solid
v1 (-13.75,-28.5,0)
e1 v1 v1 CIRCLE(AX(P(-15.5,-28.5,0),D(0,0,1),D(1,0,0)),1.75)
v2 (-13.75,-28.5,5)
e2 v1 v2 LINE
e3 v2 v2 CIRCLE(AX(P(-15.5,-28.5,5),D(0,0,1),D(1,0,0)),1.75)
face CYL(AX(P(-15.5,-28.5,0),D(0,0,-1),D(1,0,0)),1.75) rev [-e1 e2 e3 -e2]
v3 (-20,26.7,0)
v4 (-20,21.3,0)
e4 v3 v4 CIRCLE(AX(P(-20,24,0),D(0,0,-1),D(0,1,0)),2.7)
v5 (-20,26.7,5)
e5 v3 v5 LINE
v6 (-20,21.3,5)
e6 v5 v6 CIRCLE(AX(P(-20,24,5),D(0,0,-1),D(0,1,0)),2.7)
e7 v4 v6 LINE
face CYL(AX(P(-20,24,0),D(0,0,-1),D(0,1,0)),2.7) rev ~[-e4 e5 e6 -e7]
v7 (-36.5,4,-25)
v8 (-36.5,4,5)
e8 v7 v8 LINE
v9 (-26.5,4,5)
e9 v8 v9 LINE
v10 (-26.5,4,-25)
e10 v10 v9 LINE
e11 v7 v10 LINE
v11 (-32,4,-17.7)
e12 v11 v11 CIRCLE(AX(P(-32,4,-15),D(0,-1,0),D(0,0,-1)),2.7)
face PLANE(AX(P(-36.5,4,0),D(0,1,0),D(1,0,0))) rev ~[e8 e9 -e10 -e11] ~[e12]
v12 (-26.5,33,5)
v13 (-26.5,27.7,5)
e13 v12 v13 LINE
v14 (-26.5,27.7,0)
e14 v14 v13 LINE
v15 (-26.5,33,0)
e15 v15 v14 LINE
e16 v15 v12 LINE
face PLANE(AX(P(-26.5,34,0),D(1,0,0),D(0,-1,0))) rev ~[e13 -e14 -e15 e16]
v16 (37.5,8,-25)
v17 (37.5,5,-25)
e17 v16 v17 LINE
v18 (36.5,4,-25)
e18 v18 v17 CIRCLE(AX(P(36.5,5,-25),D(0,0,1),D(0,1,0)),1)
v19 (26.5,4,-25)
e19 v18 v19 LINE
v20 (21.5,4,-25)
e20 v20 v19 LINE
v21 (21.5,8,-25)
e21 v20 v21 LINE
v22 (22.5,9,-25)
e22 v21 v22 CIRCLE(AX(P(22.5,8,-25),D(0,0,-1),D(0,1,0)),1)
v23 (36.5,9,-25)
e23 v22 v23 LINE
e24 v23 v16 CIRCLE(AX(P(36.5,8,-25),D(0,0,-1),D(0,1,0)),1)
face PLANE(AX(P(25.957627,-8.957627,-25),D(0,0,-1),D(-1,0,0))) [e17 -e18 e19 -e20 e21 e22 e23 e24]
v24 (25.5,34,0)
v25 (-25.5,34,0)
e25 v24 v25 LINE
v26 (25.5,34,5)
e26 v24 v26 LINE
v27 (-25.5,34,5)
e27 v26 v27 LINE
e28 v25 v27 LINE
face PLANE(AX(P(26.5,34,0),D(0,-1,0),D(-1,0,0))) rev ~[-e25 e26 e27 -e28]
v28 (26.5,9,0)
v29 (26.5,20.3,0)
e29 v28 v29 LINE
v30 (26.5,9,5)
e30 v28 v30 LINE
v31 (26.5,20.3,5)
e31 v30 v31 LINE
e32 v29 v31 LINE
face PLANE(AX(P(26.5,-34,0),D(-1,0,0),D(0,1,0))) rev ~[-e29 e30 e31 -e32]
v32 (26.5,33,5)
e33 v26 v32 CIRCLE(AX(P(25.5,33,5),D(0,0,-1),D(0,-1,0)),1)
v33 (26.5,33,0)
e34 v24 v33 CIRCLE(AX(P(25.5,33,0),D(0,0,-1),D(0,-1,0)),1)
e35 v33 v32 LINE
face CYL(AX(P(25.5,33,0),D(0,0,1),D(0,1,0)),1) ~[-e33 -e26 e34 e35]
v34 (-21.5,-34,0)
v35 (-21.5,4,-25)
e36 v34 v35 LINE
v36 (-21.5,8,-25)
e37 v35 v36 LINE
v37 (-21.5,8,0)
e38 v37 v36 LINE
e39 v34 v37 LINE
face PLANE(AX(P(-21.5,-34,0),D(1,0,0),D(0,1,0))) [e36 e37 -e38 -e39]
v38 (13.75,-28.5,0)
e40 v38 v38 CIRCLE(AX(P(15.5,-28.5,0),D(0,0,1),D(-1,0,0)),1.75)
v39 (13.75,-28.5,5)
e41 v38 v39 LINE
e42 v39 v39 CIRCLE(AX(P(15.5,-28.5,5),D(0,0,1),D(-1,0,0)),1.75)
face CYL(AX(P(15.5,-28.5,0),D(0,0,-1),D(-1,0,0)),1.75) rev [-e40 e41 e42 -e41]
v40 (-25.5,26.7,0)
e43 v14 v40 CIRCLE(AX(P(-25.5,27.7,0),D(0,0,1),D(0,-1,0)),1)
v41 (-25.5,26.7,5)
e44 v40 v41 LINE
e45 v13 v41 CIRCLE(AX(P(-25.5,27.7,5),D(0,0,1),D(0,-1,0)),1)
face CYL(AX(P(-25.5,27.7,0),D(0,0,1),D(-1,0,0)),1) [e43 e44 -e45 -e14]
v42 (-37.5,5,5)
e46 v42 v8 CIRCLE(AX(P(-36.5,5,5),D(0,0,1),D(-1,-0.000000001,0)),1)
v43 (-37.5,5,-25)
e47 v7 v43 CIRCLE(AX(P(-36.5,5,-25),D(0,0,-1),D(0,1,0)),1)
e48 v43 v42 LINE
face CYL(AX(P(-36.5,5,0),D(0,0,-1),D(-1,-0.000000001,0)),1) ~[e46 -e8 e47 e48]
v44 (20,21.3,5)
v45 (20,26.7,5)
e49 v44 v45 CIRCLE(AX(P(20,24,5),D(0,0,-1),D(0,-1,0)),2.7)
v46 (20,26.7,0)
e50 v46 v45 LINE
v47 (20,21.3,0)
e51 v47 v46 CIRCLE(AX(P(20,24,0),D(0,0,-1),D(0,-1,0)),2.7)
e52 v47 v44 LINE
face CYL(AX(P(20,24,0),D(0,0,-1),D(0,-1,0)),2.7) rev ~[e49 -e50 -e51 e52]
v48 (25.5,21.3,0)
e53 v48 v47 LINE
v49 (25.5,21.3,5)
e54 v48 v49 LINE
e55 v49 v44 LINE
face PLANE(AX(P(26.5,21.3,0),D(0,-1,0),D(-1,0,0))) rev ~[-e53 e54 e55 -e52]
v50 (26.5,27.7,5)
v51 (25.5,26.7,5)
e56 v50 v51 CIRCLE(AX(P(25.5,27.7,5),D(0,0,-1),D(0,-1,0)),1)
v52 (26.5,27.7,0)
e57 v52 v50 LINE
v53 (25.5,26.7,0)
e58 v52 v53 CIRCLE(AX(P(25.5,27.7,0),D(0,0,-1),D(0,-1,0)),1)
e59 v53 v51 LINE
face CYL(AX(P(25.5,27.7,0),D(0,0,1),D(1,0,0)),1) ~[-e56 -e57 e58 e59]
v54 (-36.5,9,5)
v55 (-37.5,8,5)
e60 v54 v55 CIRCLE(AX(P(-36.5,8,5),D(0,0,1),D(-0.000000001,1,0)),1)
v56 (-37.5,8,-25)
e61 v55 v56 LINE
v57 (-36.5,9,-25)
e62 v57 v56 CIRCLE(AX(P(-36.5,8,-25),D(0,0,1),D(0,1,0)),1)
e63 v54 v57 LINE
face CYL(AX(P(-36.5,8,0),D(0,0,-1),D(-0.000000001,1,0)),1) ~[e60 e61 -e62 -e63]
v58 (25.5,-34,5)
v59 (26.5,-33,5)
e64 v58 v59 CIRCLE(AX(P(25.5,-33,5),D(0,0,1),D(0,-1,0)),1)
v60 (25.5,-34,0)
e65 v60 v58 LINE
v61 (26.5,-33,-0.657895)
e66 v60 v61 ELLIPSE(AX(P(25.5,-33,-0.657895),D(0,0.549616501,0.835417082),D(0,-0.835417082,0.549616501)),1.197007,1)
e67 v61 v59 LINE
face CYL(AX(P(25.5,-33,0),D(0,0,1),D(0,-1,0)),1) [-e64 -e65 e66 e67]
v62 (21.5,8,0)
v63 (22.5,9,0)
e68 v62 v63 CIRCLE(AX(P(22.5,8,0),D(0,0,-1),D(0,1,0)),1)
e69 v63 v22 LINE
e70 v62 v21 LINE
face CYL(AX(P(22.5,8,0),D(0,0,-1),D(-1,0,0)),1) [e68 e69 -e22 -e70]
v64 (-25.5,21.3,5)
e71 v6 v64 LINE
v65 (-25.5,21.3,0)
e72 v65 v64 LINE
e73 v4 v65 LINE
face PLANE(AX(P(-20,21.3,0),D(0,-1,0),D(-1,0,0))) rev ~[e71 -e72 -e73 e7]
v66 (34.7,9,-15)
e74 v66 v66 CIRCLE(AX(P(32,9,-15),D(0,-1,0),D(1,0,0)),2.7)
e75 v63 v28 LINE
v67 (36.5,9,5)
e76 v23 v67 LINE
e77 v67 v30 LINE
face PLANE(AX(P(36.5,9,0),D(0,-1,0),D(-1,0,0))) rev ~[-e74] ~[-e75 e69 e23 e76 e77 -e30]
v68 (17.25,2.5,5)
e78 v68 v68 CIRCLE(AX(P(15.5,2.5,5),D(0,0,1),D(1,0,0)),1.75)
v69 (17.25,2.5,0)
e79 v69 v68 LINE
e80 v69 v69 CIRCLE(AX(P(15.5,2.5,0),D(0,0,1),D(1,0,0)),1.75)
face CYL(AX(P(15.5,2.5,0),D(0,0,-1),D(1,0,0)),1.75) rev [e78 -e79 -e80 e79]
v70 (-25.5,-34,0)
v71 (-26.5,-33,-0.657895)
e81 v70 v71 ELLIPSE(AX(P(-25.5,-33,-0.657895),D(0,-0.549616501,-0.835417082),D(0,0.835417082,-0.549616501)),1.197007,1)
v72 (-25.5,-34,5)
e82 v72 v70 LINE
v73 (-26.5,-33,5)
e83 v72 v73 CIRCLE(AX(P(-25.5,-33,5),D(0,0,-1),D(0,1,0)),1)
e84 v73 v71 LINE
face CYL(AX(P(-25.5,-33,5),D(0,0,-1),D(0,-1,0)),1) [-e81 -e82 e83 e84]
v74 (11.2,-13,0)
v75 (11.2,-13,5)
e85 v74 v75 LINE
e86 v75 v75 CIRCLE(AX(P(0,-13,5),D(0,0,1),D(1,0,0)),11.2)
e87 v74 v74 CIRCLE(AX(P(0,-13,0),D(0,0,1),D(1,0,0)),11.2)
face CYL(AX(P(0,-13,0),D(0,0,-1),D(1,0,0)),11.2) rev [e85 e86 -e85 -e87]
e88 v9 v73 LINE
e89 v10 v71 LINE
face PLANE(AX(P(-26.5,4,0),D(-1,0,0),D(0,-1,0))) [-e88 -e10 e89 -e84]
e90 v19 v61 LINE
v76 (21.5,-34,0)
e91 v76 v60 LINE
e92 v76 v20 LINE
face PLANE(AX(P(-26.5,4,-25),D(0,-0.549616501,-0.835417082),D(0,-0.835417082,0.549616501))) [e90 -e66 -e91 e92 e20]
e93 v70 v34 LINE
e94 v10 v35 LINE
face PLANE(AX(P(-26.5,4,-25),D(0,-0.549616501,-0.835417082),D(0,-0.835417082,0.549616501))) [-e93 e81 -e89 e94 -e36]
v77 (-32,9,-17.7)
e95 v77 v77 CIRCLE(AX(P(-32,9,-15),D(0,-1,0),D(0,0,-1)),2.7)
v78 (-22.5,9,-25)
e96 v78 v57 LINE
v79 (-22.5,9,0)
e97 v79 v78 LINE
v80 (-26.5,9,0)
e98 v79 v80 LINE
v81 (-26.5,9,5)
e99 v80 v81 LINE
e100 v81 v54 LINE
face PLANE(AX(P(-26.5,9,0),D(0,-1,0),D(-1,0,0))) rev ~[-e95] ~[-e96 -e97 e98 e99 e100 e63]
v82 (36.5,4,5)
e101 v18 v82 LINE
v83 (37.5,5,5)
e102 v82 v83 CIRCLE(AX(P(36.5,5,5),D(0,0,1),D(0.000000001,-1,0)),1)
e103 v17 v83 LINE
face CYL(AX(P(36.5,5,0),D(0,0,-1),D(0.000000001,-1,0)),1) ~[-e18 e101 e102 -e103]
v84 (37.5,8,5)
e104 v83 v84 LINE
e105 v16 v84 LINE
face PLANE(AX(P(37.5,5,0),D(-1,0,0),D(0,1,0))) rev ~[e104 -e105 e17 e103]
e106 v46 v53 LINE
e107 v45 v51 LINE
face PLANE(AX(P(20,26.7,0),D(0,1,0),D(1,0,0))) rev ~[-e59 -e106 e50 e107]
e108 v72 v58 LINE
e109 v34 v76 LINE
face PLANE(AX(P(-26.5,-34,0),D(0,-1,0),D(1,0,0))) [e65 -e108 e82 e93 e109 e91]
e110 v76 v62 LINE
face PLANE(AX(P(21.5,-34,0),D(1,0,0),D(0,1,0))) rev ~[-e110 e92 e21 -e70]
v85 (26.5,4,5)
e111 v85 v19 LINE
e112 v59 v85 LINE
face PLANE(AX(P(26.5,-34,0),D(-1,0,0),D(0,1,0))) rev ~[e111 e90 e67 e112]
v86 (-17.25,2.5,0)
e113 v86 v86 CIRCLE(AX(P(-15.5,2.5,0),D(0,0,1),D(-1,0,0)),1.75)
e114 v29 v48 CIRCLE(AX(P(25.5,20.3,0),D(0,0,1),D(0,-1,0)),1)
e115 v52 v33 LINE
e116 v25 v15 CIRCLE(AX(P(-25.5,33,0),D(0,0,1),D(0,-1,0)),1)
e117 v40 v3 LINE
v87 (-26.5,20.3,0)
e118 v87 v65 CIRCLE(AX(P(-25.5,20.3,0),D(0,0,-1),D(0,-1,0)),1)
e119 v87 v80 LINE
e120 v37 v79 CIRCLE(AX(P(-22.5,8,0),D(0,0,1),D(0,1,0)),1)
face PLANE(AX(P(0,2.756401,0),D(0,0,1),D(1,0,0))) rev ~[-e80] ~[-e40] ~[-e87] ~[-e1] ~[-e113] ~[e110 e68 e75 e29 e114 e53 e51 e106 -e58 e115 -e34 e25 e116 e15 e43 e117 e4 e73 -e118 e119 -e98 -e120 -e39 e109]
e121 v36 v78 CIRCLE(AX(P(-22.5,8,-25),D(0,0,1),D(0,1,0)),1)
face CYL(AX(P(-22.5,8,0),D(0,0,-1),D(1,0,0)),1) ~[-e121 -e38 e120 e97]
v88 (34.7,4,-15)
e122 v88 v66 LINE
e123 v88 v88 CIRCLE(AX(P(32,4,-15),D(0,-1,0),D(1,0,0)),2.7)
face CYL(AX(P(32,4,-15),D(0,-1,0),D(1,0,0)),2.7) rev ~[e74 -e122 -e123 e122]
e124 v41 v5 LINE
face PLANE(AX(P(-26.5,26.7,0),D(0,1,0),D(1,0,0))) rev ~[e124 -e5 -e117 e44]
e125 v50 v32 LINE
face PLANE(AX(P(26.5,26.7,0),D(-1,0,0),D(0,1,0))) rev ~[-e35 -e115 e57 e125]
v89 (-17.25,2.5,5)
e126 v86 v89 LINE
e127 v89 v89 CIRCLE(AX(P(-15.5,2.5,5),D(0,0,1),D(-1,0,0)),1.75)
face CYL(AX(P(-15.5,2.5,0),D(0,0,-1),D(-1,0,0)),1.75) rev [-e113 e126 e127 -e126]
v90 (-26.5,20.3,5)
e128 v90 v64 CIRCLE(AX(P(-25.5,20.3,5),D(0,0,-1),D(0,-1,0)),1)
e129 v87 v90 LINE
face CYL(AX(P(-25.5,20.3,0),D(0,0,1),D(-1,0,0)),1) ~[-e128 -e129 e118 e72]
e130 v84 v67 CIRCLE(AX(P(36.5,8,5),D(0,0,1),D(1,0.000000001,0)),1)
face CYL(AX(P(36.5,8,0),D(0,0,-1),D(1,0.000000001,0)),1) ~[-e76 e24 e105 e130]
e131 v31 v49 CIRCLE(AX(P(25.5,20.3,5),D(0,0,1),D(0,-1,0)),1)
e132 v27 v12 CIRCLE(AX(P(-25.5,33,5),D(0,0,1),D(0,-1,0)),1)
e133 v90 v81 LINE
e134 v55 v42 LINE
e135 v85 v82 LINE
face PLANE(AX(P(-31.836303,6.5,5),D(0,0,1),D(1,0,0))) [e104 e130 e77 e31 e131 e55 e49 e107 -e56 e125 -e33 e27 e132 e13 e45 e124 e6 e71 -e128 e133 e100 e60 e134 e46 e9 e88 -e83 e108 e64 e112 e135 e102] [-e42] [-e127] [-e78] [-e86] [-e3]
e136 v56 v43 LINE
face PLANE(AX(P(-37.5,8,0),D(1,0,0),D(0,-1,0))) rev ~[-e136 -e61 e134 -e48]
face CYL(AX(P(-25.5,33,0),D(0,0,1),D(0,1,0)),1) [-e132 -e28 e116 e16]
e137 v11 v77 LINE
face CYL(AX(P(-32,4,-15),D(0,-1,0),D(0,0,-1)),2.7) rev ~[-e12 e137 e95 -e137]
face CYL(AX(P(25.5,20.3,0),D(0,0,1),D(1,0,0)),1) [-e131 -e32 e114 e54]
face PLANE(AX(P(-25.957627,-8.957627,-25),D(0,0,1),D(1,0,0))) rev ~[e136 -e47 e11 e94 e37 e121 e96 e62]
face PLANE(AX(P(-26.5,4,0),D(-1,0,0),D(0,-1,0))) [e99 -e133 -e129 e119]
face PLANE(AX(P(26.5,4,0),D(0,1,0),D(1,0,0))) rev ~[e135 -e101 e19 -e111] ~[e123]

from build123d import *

# Parameters (mm, degrees)
SKETCH1_R           = 11.2
SKETCH1_R_2         = 1.75
BOSS_EXTRUDE1_DEPTH = 5
BOSS_EXTRUDE2_DEPTH = 25
CUT_EXTRUDE1_DEPTH  = 77.661594035
SKETCH4_R           = 2.7
CUT_EXTRUDE2_DEPTH  = 25
FILLET1_R           = 1
BOSS_EXTRUDE3_DEPTH = 5
BOSS_EXTRUDE4_DEPTH = 5


with BuildPart() as part:
    # Sketch1 → Boss-Extrude1 (new body)
    with BuildSketch(Plane.XY):
        with BuildLine():
            Line((26.5, 34), (-26.5, 34))
            Line((-26.5, 34), (-26.5, 26.7))
            Line((-26.5, 26.7), (-20, 26.7))
            ThreePointArc((-20, 26.7), (-17.3, 24), (-20, 21.3))
            Line((-20, 21.3), (-26.5, 21.3))
            Line((-26.5, 21.3), (-26.5, -34))
            Line((-26.5, -34), (26.5, -34))
            Line((26.5, -34), (26.5, 21.3))
            Line((26.5, 21.3), (20, 21.3))
            ThreePointArc((20, 21.3), (17.3, 24), (20, 26.7))
            Line((20, 26.7), (26.5, 26.7))
            Line((26.5, 26.7), (26.5, 34))
        make_face()
        with Locations((0, -13)):
            Circle(SKETCH1_R, mode=Mode.SUBTRACT)
        with Locations((15.5, 2.5)):
            Circle(SKETCH1_R_2, mode=Mode.SUBTRACT)
        with Locations(Location((15.5, -28.5, 0), (0, 0, 180))):
            Circle(SKETCH1_R_2, mode=Mode.SUBTRACT)
        with Locations(Location((-15.5, 2.5, 0), (0, 0, 180))):
            Circle(SKETCH1_R_2, mode=Mode.SUBTRACT)
        with Locations((-15.5, -28.5)):
            Circle(SKETCH1_R_2, mode=Mode.SUBTRACT)
    extrude(amount=BOSS_EXTRUDE1_DEPTH)

    # Sketch2 → Boss-Extrude2 (add)
    with BuildSketch(Plane(origin=(0, 0, 0), x_dir=(-1, 0, 0), z_dir=(0, 0, -1))):
        Polygon((26.5, -34), (21.5, -34), (21.5, 9), (37.5, 9), (37.5, 4), (26.5, 4), align=None)
        Polygon((-26.5, 4), (-26.5, -34), (-21.5, -34), (-21.5, 9), (-37.5, 9), (-37.5, 4), align=None)
    extrude(amount=BOSS_EXTRUDE2_DEPTH)

    # Sketch3 → Cut-Extrude1 (cut, through all)
    with BuildSketch(Plane.ZY.offset(26.5)):
        Polygon((-25, 4), (0, -34), (-25, -34), align=None)
    extrude(amount=-CUT_EXTRUDE1_DEPTH, mode=Mode.SUBTRACT)

    # Sketch4 → Cut-Extrude2 (cut)
    with BuildSketch(Plane.XZ.offset(-4)):
        with Locations((32, -15)):
            Circle(SKETCH4_R)
        with Locations(Location((-32, -15, 0), (0, 0, 270))):
            Circle(SKETCH4_R)
    extrude(amount=-CUT_EXTRUDE2_DEPTH, mode=Mode.SUBTRACT)

    # Fillet1
    fillet1_edges = [part.edges().sort_by_distance(p)[0] for p in [
        (-26.5, 21.3, 2.5),
        (-26.5, 26.7, 2.5),
        (26.5, 21.3, 2.5),
        (26.5, 26.7, 2.5),
        (26.5, 34, 2.5),
        (26.5, -34, 2.5),
        (-26.5, -34, 2.5),
        (-26.5, 34, 2.5),
        (-37.5, 4, -12.5),
        (-37.5, 9, -12.5),
        (-21.5, 9, -12.5),
        (21.5, 9, -12.5),
        (37.5, 4, -12.5),
        (37.5, 9, -12.5),
    ]]
    fillet(fillet1_edges, radius=FILLET1_R)

    # Sketch5 → Boss-Extrude3 (add)
    with BuildSketch(Plane.XY):
        with BuildLine():
            Line((26.5, 4), (36.5, 4))
            ThreePointArc((36.5, 4), (37.207106781, 4.292893219), (37.5, 5))
            Line((37.5, 5), (37.5, 8))
            ThreePointArc((37.5, 8), (37.207106781, 8.707106781), (36.5, 9))
            Line((36.5, 9), (26.5, 9))
            Line((26.5, 9), (26.5, 4))
        make_face()
    extrude(amount=BOSS_EXTRUDE3_DEPTH)

    # Sketch6 → Boss-Extrude4 (add)
    with BuildSketch(Plane.XY):
        with BuildLine():
            Line((-37.5, 8), (-37.5, 5))
            ThreePointArc((-37.5, 5), (-37.207106781, 4.292893219), (-36.5, 4))
            Line((-36.5, 4), (-26.5, 4))
            Line((-26.5, 4), (-26.5, 9))
            Line((-26.5, 9), (-36.5, 9))
            ThreePointArc((-36.5, 9), (-37.207106781, 8.707106781), (-37.5, 8))
        make_face()
    extrude(amount=BOSS_EXTRUDE4_DEPTH)


solid = part.part
